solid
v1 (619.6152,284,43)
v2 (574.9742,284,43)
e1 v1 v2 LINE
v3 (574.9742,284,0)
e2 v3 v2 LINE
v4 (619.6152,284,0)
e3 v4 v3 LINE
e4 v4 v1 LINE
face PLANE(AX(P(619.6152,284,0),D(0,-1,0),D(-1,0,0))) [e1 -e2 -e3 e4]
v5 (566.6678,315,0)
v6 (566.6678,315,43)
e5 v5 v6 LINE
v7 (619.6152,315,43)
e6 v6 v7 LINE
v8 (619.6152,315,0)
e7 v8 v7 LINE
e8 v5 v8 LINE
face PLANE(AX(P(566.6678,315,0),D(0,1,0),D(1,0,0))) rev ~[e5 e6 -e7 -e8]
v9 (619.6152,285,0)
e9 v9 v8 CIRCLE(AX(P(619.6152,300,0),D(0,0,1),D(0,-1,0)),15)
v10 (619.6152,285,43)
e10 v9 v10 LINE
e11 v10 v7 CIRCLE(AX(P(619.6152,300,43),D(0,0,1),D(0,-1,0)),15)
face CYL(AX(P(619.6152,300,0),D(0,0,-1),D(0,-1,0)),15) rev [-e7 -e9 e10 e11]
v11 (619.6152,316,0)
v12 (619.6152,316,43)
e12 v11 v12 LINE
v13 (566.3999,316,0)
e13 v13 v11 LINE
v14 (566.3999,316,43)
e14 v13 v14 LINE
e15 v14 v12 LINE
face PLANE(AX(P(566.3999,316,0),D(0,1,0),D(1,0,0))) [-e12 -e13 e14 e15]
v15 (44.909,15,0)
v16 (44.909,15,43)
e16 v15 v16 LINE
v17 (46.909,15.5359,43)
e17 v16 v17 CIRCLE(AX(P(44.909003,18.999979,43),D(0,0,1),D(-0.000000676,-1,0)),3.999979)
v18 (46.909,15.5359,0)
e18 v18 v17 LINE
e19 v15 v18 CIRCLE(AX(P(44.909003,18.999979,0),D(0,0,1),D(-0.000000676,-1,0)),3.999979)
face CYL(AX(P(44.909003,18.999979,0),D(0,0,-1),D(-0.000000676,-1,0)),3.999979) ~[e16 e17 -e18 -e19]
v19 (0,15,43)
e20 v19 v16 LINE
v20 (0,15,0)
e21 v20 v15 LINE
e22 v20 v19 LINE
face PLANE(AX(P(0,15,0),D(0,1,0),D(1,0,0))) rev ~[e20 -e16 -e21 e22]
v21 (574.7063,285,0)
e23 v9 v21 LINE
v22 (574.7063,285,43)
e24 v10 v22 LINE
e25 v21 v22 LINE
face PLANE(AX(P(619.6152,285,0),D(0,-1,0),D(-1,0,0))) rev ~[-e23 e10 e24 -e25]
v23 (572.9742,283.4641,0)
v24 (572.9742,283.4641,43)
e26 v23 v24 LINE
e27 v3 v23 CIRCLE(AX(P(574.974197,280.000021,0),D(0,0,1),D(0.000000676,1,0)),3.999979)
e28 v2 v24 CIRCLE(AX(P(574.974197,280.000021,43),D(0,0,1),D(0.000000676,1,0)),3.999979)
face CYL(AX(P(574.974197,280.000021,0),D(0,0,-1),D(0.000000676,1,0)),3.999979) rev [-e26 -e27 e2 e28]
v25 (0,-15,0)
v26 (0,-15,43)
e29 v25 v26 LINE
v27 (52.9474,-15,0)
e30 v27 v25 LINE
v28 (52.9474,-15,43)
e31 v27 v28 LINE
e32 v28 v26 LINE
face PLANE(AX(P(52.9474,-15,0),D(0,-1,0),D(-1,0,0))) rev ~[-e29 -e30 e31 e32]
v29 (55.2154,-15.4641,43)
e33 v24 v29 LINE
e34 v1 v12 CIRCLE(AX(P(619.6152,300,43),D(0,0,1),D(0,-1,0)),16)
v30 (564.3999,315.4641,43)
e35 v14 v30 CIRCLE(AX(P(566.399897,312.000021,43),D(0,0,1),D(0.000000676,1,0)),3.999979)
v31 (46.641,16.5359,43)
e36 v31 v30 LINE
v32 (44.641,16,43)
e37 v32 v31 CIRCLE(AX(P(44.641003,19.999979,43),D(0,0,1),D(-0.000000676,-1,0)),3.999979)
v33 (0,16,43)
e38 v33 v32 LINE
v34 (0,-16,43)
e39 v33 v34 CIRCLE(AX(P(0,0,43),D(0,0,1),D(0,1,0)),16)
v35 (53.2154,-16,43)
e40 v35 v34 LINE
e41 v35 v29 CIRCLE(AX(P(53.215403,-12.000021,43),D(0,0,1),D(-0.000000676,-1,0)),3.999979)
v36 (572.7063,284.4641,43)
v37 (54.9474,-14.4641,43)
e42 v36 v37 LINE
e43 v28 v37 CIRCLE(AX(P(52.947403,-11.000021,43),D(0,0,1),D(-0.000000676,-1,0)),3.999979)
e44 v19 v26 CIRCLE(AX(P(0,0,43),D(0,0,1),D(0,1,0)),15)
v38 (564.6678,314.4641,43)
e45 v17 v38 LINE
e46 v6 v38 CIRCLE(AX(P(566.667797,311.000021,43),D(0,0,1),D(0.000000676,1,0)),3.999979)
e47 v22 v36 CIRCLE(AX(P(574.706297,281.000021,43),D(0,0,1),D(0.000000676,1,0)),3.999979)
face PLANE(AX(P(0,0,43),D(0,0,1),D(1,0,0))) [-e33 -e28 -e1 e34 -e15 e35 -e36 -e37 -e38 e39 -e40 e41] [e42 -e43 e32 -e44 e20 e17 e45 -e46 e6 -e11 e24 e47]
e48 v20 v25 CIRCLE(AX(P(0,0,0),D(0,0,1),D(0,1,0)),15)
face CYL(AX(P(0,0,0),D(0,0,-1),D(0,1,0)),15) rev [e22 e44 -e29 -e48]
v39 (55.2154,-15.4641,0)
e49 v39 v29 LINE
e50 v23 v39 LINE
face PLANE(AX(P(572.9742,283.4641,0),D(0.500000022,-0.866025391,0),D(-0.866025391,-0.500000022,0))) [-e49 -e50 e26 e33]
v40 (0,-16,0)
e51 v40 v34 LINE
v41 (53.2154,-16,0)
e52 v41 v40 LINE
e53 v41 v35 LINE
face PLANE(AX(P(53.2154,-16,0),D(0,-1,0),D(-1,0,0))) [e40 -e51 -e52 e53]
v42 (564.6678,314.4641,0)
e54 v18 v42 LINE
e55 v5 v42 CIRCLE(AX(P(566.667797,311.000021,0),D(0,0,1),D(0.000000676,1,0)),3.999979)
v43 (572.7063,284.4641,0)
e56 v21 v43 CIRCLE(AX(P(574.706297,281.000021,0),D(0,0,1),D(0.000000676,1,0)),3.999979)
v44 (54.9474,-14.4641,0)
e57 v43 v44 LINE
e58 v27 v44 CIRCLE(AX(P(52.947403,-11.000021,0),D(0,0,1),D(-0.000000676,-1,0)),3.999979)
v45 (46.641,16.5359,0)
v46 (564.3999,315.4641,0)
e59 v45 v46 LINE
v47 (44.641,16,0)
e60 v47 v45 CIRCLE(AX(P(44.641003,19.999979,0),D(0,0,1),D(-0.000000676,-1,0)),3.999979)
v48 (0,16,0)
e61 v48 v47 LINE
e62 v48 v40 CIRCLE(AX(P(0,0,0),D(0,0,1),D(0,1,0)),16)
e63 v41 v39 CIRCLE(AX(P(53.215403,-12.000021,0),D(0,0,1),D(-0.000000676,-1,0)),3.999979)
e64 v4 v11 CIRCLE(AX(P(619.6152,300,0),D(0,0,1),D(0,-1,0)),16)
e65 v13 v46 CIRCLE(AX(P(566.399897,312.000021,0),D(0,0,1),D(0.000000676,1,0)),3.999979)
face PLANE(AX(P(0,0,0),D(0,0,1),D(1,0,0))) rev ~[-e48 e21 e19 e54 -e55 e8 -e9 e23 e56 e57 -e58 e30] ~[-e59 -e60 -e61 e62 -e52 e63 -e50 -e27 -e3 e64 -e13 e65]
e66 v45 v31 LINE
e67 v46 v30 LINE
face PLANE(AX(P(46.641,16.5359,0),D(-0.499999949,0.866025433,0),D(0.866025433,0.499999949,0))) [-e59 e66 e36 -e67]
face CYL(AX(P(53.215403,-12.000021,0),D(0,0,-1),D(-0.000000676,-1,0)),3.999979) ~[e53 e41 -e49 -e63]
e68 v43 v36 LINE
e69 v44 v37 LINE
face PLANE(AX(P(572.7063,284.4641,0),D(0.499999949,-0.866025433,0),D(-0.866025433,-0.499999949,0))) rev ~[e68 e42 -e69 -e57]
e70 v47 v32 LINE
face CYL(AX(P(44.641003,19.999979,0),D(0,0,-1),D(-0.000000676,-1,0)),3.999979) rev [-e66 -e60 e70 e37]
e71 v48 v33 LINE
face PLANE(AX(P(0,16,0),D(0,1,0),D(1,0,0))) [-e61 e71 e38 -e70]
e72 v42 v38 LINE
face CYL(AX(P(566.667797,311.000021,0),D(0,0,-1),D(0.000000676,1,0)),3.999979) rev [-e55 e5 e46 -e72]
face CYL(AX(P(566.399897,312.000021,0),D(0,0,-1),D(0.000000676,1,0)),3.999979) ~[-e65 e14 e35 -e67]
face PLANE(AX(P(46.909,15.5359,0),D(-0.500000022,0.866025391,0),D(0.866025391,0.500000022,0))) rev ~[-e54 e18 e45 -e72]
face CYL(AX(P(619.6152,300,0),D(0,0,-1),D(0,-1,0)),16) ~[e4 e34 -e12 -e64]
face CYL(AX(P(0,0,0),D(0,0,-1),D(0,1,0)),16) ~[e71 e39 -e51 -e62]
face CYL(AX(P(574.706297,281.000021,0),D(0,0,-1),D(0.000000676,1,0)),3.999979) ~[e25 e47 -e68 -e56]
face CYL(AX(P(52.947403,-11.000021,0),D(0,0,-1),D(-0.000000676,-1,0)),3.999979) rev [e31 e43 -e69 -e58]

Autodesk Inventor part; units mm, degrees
ref_plane "YZ Plane" through (0, 0, 0) normal (1, 0, 0) x (0, 1, 0)
ref_plane "XZ Plane" through (0, 0, 0) normal (0, 1, 0) x (-1, 0, 0)
ref_plane "XY Plane" through (0, 0, 0) normal (0, 0, 1) x (1, 0, 0)
sketch "Sketch1" plane through (0, 0, 0) normal (0, 0, 1) x (1, 0, 0)
  point P0 (0, 0)
sketch "Sketch2" plane through (0, 0, 0) normal (0, 0, 1) x (1, 0, 0)
  arc A0 (0, 15.5) -> (0, -15.5) centre (0, 0) ccw
  line L0 (0, 0) -> (50, 0) construction
  line L1 (50, 0) -> (569.6152, 300) construction
  line L2 (569.6152, 300) -> (619.6152, 300) construction
  arc A1 (619.6152, 284.5) -> (619.6152, 315.5) centre (619.6152, 300) ccw
  line L3 (619.6152, 315.5) -> (566.5338, 315.5)
  line L4 (564.5338, 314.9641) -> (46.775, 16.0359)
  line L5 (44.775, 15.5) -> (0, 15.5)
  line L6 (619.6152, 284.5) -> (574.8403, 284.5)
  line L7 (572.8403, 283.9641) -> (55.0814, -14.9641)
  line L8 (53.0814, -15.5) -> (0, -15.5)
  line L9 (46.641, 16.5359) -> (564.3999, 315.4641)
  line L10 (566.3999, 316) -> (619.6152, 316)
  arc A2 (619.6152, 284) -> (619.6152, 316) centre (619.6152, 300) ccw
  line L11 (619.6152, 284) -> (574.9742, 284)
  line L12 (572.9742, 283.4641) -> (55.2154, -15.4641)
  line L13 (53.2154, -16) -> (0, -16)
  arc A3 (0, 16) -> (0, -16) centre (0, 0) ccw
  line L14 (0, 16) -> (44.641, 16)
  line L15 (0, 15) -> (44.909, 15)
  line L16 (46.909, 15.5359) -> (564.6678, 314.4641)
  line L17 (566.6678, 315) -> (619.6152, 315)
  arc A4 (619.6152, 285) -> (619.6152, 315) centre (619.6152, 300) ccw
  line L18 (619.6152, 285) -> (574.7063, 285)
  line L19 (572.7063, 284.4641) -> (54.9474, -14.4641)
  line L20 (52.9474, -15) -> (0, -15)
  arc A5 (0, 15) -> (0, -15) centre (0, 0) ccw
  arc A6 (44.641, 16) -> (46.641, 16.5359) centre (44.641, 20) ccw
  arc A7 (44.775, 15.5) -> (46.775, 16.0359) centre (44.775, 19.5) ccw
  arc A8 (44.909, 15) -> (46.909, 15.5359) centre (44.909, 19) ccw
  arc A9 (52.9474, -15) -> (54.9474, -14.4641) centre (52.9474, -11) ccw
  arc A10 (53.0814, -15.5) -> (55.0814, -14.9641) centre (53.0814, -11.5) ccw
  arc A11 (53.2154, -16) -> (55.2154, -15.4641) centre (53.2154, -12) ccw
  arc A12 (574.7063, 285) -> (572.7063, 284.4641) centre (574.7063, 281) ccw
  arc A13 (574.8403, 284.5) -> (572.8403, 283.9641) centre (574.8403, 280.5) ccw
  arc A14 (574.9742, 284) -> (572.9742, 283.4641) centre (574.9742, 280) ccw
  arc A15 (566.3999, 316) -> (564.3999, 315.4641) centre (566.3999, 312) ccw
  arc A16 (566.5338, 315.5) -> (564.5338, 314.9641) centre (566.5338, 311.5) ccw
  arc A17 (566.6678, 315) -> (564.6678, 314.4641) centre (566.6678, 311) ccw
  dimension "d0" = 31
  dimension "d1" = 50
  dimension "d2" = 600
  dimension "d3" = 150
  dimension "d4" = 50
  dimension "d5" = 31
  dimension "d6" = 4
  dimension "d7" = 4
  dimension "d8" = 4
  dimension "d9" = 4
  dimension "d10" = 4
  dimension "d11" = 4
  dimension "d12" = 4
  dimension "d13" = 4
  dimension "d14" = 4
  dimension "d15" = 4
extrude "Extrusion1" add sketch "Sketch2" along normal blind 43 contours L5 A7 L4 A16 L3 A1 L6 A13 L7 A10 L8 A0 | L9 A15 L10 A2 L11 A14 L12 A11 L13 A3 L14 A6
properties part number "Assembly belt For lifting"
